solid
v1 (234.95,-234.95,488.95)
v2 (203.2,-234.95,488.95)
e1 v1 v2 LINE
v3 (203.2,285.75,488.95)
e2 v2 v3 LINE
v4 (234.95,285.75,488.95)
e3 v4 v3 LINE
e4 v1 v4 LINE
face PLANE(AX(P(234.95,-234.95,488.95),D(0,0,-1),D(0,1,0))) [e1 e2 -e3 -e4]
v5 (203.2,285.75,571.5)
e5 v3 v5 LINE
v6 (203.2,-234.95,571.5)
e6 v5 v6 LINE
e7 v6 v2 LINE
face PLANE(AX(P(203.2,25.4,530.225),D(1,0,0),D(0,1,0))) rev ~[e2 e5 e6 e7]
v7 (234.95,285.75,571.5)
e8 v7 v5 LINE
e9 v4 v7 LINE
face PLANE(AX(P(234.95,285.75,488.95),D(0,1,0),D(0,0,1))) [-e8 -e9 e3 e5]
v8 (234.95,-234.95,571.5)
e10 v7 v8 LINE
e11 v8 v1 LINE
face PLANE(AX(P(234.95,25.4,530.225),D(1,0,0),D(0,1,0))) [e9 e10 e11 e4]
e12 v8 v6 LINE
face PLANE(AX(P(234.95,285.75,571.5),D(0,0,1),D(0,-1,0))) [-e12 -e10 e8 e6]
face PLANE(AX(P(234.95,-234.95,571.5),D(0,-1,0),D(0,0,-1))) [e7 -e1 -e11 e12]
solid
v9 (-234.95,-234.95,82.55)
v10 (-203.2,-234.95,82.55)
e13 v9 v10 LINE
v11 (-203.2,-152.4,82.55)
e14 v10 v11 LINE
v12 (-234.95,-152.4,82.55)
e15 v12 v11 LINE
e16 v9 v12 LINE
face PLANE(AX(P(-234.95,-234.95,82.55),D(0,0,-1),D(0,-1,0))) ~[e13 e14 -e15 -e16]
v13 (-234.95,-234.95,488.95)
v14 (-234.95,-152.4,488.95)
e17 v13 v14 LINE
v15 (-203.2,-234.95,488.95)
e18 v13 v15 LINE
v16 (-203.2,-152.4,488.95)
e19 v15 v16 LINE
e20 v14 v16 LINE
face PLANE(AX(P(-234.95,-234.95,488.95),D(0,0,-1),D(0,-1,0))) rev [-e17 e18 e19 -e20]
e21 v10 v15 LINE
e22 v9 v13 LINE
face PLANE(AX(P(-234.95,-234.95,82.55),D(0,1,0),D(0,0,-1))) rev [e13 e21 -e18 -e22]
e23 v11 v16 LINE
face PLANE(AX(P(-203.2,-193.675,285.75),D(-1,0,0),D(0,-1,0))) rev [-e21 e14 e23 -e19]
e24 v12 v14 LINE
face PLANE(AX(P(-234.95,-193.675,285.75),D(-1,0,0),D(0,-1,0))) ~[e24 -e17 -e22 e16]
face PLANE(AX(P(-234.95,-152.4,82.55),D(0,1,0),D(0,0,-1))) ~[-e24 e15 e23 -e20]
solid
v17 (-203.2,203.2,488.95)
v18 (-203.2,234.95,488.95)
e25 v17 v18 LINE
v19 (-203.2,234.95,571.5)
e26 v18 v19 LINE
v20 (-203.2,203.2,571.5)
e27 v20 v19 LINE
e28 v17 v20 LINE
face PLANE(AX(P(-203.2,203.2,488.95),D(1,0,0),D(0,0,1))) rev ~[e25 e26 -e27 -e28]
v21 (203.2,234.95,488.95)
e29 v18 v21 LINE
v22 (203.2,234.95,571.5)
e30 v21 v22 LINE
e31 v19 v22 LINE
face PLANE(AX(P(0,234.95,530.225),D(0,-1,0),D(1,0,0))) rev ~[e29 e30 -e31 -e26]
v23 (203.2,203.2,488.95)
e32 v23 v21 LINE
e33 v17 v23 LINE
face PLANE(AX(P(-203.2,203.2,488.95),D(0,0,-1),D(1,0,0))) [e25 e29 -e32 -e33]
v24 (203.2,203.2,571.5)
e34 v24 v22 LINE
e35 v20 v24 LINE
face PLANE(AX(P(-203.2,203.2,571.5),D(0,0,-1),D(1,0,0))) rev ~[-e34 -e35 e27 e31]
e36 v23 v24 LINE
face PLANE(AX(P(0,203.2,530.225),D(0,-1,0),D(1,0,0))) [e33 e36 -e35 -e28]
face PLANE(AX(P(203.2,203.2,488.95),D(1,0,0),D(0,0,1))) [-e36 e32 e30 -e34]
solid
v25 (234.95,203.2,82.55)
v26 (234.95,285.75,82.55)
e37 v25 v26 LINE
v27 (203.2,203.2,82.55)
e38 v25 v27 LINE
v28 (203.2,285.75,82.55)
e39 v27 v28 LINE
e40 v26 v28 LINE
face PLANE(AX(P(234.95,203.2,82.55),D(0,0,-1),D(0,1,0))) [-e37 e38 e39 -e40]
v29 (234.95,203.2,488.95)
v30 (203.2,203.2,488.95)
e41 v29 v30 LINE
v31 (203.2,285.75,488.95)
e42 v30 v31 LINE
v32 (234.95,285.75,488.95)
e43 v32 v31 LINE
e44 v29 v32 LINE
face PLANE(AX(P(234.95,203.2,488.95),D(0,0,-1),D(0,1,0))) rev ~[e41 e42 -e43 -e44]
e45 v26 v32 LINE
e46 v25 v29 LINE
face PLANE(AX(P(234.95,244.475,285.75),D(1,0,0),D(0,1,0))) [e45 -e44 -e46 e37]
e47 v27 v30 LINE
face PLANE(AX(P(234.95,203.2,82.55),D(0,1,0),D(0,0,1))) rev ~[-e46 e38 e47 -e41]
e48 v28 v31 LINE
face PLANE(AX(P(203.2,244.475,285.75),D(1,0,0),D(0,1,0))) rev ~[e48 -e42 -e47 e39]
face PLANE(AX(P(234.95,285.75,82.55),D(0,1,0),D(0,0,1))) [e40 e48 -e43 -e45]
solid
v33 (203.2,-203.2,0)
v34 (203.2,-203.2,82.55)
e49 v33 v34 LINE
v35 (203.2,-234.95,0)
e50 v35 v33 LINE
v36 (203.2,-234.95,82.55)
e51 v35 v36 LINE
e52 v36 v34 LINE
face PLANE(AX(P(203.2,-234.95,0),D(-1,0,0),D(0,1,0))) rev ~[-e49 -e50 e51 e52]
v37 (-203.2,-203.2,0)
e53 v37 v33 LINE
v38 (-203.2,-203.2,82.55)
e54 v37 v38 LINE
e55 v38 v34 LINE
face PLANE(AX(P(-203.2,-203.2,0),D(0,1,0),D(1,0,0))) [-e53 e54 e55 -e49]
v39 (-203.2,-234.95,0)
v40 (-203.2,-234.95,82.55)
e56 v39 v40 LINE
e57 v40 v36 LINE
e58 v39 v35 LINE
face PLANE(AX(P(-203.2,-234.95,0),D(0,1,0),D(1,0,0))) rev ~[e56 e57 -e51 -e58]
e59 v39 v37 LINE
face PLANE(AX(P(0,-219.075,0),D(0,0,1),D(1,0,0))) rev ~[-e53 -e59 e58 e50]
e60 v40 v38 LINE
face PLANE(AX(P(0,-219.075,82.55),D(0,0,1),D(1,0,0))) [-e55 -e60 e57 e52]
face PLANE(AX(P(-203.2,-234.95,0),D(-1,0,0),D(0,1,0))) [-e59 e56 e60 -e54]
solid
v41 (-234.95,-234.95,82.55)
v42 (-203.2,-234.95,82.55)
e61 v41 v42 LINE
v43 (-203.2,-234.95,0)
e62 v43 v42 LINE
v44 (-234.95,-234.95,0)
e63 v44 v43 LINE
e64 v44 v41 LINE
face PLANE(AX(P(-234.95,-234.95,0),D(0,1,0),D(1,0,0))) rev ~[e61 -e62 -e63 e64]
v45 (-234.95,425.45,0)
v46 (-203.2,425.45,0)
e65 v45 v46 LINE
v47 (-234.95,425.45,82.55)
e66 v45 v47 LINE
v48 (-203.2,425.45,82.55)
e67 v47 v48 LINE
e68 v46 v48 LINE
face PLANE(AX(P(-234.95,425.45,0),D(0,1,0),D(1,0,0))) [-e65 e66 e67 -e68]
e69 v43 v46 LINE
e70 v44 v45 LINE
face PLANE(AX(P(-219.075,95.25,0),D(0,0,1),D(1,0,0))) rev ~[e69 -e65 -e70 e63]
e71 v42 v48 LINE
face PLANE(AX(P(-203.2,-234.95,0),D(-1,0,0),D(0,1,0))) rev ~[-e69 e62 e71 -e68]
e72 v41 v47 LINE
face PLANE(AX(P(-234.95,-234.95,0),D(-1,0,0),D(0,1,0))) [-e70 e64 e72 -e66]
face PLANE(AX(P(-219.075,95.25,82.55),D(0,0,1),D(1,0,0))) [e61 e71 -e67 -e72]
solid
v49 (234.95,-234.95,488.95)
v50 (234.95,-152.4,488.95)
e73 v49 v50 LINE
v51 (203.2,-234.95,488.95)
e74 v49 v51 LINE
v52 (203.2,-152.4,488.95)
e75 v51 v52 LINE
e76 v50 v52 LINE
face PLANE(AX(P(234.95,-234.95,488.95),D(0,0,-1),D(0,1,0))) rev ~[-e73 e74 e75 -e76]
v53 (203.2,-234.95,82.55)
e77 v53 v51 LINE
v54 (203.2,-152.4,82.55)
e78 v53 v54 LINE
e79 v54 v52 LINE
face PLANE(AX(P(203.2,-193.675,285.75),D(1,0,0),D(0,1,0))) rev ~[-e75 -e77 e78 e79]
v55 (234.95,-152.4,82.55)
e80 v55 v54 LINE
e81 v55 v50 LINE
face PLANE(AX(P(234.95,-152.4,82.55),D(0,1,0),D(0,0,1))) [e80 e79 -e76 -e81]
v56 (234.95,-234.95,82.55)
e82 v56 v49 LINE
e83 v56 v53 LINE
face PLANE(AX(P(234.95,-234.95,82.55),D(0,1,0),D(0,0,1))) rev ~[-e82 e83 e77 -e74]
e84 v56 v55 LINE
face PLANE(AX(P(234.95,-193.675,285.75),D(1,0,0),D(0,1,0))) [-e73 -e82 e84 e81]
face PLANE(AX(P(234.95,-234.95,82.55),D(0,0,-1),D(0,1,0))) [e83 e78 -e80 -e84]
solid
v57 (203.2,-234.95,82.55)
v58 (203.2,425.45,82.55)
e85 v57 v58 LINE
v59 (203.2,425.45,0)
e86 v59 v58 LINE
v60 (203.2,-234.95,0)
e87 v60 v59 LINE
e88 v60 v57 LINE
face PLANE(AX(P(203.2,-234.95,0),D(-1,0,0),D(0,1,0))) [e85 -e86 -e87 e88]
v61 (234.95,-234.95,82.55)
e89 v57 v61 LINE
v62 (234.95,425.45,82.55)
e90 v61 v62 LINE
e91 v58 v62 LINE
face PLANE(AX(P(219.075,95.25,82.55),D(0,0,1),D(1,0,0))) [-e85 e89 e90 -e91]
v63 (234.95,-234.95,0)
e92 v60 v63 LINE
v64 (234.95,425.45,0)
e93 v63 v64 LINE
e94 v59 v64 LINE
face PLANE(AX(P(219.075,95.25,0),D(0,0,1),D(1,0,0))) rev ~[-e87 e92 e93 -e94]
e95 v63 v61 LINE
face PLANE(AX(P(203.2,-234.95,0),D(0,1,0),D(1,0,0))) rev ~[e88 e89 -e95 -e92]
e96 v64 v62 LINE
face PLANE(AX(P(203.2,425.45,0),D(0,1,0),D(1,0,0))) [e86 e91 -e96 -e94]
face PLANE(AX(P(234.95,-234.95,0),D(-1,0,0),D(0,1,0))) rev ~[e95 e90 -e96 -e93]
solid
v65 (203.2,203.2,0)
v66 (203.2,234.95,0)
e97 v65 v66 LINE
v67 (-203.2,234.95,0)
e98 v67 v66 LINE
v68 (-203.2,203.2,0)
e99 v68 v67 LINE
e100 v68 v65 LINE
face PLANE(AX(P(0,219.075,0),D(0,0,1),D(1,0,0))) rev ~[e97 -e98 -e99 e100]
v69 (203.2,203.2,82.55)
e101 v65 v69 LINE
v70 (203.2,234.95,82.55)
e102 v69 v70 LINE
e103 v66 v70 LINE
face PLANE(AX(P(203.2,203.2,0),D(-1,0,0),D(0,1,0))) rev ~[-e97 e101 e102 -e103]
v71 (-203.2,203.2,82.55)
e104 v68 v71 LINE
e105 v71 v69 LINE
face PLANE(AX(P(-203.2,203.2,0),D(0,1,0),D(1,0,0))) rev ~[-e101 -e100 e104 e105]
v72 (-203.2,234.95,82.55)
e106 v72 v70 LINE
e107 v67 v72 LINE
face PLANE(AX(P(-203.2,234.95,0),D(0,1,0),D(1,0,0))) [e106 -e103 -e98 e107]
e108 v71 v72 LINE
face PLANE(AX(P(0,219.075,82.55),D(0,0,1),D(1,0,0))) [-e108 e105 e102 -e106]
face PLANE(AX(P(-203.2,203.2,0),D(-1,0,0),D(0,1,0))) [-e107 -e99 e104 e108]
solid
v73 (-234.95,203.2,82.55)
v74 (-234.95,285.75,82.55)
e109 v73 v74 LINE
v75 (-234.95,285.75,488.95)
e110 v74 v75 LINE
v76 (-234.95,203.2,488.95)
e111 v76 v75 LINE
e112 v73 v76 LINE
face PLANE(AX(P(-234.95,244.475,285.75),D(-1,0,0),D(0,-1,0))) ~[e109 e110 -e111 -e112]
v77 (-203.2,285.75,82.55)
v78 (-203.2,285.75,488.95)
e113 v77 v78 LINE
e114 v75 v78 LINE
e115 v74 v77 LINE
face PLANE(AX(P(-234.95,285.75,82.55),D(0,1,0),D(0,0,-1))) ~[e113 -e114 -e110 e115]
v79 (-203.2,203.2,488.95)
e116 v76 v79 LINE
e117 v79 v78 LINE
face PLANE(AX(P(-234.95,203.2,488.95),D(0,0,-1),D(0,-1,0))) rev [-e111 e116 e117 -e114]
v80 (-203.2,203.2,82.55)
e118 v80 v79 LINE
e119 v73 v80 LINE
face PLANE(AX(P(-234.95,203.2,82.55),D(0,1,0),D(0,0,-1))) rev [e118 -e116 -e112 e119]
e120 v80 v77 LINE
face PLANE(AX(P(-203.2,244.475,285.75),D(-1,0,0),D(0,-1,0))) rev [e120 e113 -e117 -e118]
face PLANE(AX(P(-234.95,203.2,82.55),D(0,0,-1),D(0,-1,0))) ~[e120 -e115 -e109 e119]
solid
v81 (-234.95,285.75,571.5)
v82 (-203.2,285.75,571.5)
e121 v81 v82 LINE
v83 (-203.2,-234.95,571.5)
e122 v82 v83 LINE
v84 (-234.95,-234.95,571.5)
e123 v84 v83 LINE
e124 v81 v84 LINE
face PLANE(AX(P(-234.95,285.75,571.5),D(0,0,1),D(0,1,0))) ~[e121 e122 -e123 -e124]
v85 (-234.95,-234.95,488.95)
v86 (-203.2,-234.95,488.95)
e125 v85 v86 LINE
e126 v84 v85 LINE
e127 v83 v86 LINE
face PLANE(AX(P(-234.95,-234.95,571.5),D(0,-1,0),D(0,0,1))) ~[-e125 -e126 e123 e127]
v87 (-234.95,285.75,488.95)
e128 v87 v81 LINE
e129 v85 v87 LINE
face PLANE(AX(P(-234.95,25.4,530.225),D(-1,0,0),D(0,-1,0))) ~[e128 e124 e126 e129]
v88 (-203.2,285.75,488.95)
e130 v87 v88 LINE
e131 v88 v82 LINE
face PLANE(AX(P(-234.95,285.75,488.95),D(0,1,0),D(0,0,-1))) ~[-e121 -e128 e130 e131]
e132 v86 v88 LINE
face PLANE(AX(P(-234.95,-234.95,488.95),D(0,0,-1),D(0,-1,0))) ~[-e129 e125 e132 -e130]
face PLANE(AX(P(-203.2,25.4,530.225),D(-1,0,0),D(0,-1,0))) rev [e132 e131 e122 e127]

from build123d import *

# Parameters (mm, degrees)
F0_W      = 406.4
F0_H      = 31.75
F1_DEPTH  = 82.55
F2_W      = 31.75
F2_H      = 660.4
F3_DEPTH  = 82.55
F4_W      = 82.55
F4_H      = 406.4
F5_DEPTH  = 31.75
F7_DEPTH  = 31.75
F9_W      = 406.4
F9_H      = 82.55
F10_DEPTH = 31.75


with BuildPart() as f1:
    # F0 (on Top) → F1 (new body)
    with BuildSketch(Plane.XY):
        with Locations((0, 219.075)):
            Rectangle(F0_W, F0_H)
        with Locations((0, -219.075)):
            Rectangle(F0_W, F0_H)
    extrude(amount=F1_DEPTH)


with BuildPart() as f3:
    # F2 (on Top) → F3 (new body)
    with BuildSketch(Plane.XY):
        with Locations((-219.075, 95.25)):
            Rectangle(F2_W, F2_H)
        with Locations((219.075, 95.25)):
            Rectangle(F2_W, F2_H)
    extrude(amount=F3_DEPTH)


with BuildPart() as f5:
    # F4 (on face) → F5 (new body)
    with BuildSketch(Plane.YZ.offset(234.95)):
        with Locations((-193.675, 285.75)):
            Rectangle(F4_W, F4_H)
        with Locations((244.475, 285.75)):
            Rectangle(F4_W, F4_H)
    extrude(amount=-F5_DEPTH)


with BuildPart() as f7:
    # F6 (on face) → F7 (new body)
    with BuildSketch(Plane.YZ.offset(234.95)):
        Polygon((-234.95, 571.5), (-234.95, 488.95), (-152.4, 488.95), (285.75, 488.95), (285.75, 571.5), align=None)
    extrude(amount=-F7_DEPTH)


with BuildPart() as f8_1:
    # F8: instance of F5
    add(f5.part.mirror(Plane.YZ))


with BuildPart() as f8_2:
    # F8: instance of F7
    add(f7.part.mirror(Plane.YZ))


with BuildPart() as f10:
    # F9 (on face) → F10 (new body)
    with BuildSketch(Plane.XZ.offset(-203.2)):
        with Locations((0, 530.225)):
            Rectangle(F9_W, F9_H)
    extrude(amount=-F10_DEPTH)


solid = Compound([f1.part, f3.part, f5.part, f7.part, f8_1.part, f8_2.part, f10.part])
